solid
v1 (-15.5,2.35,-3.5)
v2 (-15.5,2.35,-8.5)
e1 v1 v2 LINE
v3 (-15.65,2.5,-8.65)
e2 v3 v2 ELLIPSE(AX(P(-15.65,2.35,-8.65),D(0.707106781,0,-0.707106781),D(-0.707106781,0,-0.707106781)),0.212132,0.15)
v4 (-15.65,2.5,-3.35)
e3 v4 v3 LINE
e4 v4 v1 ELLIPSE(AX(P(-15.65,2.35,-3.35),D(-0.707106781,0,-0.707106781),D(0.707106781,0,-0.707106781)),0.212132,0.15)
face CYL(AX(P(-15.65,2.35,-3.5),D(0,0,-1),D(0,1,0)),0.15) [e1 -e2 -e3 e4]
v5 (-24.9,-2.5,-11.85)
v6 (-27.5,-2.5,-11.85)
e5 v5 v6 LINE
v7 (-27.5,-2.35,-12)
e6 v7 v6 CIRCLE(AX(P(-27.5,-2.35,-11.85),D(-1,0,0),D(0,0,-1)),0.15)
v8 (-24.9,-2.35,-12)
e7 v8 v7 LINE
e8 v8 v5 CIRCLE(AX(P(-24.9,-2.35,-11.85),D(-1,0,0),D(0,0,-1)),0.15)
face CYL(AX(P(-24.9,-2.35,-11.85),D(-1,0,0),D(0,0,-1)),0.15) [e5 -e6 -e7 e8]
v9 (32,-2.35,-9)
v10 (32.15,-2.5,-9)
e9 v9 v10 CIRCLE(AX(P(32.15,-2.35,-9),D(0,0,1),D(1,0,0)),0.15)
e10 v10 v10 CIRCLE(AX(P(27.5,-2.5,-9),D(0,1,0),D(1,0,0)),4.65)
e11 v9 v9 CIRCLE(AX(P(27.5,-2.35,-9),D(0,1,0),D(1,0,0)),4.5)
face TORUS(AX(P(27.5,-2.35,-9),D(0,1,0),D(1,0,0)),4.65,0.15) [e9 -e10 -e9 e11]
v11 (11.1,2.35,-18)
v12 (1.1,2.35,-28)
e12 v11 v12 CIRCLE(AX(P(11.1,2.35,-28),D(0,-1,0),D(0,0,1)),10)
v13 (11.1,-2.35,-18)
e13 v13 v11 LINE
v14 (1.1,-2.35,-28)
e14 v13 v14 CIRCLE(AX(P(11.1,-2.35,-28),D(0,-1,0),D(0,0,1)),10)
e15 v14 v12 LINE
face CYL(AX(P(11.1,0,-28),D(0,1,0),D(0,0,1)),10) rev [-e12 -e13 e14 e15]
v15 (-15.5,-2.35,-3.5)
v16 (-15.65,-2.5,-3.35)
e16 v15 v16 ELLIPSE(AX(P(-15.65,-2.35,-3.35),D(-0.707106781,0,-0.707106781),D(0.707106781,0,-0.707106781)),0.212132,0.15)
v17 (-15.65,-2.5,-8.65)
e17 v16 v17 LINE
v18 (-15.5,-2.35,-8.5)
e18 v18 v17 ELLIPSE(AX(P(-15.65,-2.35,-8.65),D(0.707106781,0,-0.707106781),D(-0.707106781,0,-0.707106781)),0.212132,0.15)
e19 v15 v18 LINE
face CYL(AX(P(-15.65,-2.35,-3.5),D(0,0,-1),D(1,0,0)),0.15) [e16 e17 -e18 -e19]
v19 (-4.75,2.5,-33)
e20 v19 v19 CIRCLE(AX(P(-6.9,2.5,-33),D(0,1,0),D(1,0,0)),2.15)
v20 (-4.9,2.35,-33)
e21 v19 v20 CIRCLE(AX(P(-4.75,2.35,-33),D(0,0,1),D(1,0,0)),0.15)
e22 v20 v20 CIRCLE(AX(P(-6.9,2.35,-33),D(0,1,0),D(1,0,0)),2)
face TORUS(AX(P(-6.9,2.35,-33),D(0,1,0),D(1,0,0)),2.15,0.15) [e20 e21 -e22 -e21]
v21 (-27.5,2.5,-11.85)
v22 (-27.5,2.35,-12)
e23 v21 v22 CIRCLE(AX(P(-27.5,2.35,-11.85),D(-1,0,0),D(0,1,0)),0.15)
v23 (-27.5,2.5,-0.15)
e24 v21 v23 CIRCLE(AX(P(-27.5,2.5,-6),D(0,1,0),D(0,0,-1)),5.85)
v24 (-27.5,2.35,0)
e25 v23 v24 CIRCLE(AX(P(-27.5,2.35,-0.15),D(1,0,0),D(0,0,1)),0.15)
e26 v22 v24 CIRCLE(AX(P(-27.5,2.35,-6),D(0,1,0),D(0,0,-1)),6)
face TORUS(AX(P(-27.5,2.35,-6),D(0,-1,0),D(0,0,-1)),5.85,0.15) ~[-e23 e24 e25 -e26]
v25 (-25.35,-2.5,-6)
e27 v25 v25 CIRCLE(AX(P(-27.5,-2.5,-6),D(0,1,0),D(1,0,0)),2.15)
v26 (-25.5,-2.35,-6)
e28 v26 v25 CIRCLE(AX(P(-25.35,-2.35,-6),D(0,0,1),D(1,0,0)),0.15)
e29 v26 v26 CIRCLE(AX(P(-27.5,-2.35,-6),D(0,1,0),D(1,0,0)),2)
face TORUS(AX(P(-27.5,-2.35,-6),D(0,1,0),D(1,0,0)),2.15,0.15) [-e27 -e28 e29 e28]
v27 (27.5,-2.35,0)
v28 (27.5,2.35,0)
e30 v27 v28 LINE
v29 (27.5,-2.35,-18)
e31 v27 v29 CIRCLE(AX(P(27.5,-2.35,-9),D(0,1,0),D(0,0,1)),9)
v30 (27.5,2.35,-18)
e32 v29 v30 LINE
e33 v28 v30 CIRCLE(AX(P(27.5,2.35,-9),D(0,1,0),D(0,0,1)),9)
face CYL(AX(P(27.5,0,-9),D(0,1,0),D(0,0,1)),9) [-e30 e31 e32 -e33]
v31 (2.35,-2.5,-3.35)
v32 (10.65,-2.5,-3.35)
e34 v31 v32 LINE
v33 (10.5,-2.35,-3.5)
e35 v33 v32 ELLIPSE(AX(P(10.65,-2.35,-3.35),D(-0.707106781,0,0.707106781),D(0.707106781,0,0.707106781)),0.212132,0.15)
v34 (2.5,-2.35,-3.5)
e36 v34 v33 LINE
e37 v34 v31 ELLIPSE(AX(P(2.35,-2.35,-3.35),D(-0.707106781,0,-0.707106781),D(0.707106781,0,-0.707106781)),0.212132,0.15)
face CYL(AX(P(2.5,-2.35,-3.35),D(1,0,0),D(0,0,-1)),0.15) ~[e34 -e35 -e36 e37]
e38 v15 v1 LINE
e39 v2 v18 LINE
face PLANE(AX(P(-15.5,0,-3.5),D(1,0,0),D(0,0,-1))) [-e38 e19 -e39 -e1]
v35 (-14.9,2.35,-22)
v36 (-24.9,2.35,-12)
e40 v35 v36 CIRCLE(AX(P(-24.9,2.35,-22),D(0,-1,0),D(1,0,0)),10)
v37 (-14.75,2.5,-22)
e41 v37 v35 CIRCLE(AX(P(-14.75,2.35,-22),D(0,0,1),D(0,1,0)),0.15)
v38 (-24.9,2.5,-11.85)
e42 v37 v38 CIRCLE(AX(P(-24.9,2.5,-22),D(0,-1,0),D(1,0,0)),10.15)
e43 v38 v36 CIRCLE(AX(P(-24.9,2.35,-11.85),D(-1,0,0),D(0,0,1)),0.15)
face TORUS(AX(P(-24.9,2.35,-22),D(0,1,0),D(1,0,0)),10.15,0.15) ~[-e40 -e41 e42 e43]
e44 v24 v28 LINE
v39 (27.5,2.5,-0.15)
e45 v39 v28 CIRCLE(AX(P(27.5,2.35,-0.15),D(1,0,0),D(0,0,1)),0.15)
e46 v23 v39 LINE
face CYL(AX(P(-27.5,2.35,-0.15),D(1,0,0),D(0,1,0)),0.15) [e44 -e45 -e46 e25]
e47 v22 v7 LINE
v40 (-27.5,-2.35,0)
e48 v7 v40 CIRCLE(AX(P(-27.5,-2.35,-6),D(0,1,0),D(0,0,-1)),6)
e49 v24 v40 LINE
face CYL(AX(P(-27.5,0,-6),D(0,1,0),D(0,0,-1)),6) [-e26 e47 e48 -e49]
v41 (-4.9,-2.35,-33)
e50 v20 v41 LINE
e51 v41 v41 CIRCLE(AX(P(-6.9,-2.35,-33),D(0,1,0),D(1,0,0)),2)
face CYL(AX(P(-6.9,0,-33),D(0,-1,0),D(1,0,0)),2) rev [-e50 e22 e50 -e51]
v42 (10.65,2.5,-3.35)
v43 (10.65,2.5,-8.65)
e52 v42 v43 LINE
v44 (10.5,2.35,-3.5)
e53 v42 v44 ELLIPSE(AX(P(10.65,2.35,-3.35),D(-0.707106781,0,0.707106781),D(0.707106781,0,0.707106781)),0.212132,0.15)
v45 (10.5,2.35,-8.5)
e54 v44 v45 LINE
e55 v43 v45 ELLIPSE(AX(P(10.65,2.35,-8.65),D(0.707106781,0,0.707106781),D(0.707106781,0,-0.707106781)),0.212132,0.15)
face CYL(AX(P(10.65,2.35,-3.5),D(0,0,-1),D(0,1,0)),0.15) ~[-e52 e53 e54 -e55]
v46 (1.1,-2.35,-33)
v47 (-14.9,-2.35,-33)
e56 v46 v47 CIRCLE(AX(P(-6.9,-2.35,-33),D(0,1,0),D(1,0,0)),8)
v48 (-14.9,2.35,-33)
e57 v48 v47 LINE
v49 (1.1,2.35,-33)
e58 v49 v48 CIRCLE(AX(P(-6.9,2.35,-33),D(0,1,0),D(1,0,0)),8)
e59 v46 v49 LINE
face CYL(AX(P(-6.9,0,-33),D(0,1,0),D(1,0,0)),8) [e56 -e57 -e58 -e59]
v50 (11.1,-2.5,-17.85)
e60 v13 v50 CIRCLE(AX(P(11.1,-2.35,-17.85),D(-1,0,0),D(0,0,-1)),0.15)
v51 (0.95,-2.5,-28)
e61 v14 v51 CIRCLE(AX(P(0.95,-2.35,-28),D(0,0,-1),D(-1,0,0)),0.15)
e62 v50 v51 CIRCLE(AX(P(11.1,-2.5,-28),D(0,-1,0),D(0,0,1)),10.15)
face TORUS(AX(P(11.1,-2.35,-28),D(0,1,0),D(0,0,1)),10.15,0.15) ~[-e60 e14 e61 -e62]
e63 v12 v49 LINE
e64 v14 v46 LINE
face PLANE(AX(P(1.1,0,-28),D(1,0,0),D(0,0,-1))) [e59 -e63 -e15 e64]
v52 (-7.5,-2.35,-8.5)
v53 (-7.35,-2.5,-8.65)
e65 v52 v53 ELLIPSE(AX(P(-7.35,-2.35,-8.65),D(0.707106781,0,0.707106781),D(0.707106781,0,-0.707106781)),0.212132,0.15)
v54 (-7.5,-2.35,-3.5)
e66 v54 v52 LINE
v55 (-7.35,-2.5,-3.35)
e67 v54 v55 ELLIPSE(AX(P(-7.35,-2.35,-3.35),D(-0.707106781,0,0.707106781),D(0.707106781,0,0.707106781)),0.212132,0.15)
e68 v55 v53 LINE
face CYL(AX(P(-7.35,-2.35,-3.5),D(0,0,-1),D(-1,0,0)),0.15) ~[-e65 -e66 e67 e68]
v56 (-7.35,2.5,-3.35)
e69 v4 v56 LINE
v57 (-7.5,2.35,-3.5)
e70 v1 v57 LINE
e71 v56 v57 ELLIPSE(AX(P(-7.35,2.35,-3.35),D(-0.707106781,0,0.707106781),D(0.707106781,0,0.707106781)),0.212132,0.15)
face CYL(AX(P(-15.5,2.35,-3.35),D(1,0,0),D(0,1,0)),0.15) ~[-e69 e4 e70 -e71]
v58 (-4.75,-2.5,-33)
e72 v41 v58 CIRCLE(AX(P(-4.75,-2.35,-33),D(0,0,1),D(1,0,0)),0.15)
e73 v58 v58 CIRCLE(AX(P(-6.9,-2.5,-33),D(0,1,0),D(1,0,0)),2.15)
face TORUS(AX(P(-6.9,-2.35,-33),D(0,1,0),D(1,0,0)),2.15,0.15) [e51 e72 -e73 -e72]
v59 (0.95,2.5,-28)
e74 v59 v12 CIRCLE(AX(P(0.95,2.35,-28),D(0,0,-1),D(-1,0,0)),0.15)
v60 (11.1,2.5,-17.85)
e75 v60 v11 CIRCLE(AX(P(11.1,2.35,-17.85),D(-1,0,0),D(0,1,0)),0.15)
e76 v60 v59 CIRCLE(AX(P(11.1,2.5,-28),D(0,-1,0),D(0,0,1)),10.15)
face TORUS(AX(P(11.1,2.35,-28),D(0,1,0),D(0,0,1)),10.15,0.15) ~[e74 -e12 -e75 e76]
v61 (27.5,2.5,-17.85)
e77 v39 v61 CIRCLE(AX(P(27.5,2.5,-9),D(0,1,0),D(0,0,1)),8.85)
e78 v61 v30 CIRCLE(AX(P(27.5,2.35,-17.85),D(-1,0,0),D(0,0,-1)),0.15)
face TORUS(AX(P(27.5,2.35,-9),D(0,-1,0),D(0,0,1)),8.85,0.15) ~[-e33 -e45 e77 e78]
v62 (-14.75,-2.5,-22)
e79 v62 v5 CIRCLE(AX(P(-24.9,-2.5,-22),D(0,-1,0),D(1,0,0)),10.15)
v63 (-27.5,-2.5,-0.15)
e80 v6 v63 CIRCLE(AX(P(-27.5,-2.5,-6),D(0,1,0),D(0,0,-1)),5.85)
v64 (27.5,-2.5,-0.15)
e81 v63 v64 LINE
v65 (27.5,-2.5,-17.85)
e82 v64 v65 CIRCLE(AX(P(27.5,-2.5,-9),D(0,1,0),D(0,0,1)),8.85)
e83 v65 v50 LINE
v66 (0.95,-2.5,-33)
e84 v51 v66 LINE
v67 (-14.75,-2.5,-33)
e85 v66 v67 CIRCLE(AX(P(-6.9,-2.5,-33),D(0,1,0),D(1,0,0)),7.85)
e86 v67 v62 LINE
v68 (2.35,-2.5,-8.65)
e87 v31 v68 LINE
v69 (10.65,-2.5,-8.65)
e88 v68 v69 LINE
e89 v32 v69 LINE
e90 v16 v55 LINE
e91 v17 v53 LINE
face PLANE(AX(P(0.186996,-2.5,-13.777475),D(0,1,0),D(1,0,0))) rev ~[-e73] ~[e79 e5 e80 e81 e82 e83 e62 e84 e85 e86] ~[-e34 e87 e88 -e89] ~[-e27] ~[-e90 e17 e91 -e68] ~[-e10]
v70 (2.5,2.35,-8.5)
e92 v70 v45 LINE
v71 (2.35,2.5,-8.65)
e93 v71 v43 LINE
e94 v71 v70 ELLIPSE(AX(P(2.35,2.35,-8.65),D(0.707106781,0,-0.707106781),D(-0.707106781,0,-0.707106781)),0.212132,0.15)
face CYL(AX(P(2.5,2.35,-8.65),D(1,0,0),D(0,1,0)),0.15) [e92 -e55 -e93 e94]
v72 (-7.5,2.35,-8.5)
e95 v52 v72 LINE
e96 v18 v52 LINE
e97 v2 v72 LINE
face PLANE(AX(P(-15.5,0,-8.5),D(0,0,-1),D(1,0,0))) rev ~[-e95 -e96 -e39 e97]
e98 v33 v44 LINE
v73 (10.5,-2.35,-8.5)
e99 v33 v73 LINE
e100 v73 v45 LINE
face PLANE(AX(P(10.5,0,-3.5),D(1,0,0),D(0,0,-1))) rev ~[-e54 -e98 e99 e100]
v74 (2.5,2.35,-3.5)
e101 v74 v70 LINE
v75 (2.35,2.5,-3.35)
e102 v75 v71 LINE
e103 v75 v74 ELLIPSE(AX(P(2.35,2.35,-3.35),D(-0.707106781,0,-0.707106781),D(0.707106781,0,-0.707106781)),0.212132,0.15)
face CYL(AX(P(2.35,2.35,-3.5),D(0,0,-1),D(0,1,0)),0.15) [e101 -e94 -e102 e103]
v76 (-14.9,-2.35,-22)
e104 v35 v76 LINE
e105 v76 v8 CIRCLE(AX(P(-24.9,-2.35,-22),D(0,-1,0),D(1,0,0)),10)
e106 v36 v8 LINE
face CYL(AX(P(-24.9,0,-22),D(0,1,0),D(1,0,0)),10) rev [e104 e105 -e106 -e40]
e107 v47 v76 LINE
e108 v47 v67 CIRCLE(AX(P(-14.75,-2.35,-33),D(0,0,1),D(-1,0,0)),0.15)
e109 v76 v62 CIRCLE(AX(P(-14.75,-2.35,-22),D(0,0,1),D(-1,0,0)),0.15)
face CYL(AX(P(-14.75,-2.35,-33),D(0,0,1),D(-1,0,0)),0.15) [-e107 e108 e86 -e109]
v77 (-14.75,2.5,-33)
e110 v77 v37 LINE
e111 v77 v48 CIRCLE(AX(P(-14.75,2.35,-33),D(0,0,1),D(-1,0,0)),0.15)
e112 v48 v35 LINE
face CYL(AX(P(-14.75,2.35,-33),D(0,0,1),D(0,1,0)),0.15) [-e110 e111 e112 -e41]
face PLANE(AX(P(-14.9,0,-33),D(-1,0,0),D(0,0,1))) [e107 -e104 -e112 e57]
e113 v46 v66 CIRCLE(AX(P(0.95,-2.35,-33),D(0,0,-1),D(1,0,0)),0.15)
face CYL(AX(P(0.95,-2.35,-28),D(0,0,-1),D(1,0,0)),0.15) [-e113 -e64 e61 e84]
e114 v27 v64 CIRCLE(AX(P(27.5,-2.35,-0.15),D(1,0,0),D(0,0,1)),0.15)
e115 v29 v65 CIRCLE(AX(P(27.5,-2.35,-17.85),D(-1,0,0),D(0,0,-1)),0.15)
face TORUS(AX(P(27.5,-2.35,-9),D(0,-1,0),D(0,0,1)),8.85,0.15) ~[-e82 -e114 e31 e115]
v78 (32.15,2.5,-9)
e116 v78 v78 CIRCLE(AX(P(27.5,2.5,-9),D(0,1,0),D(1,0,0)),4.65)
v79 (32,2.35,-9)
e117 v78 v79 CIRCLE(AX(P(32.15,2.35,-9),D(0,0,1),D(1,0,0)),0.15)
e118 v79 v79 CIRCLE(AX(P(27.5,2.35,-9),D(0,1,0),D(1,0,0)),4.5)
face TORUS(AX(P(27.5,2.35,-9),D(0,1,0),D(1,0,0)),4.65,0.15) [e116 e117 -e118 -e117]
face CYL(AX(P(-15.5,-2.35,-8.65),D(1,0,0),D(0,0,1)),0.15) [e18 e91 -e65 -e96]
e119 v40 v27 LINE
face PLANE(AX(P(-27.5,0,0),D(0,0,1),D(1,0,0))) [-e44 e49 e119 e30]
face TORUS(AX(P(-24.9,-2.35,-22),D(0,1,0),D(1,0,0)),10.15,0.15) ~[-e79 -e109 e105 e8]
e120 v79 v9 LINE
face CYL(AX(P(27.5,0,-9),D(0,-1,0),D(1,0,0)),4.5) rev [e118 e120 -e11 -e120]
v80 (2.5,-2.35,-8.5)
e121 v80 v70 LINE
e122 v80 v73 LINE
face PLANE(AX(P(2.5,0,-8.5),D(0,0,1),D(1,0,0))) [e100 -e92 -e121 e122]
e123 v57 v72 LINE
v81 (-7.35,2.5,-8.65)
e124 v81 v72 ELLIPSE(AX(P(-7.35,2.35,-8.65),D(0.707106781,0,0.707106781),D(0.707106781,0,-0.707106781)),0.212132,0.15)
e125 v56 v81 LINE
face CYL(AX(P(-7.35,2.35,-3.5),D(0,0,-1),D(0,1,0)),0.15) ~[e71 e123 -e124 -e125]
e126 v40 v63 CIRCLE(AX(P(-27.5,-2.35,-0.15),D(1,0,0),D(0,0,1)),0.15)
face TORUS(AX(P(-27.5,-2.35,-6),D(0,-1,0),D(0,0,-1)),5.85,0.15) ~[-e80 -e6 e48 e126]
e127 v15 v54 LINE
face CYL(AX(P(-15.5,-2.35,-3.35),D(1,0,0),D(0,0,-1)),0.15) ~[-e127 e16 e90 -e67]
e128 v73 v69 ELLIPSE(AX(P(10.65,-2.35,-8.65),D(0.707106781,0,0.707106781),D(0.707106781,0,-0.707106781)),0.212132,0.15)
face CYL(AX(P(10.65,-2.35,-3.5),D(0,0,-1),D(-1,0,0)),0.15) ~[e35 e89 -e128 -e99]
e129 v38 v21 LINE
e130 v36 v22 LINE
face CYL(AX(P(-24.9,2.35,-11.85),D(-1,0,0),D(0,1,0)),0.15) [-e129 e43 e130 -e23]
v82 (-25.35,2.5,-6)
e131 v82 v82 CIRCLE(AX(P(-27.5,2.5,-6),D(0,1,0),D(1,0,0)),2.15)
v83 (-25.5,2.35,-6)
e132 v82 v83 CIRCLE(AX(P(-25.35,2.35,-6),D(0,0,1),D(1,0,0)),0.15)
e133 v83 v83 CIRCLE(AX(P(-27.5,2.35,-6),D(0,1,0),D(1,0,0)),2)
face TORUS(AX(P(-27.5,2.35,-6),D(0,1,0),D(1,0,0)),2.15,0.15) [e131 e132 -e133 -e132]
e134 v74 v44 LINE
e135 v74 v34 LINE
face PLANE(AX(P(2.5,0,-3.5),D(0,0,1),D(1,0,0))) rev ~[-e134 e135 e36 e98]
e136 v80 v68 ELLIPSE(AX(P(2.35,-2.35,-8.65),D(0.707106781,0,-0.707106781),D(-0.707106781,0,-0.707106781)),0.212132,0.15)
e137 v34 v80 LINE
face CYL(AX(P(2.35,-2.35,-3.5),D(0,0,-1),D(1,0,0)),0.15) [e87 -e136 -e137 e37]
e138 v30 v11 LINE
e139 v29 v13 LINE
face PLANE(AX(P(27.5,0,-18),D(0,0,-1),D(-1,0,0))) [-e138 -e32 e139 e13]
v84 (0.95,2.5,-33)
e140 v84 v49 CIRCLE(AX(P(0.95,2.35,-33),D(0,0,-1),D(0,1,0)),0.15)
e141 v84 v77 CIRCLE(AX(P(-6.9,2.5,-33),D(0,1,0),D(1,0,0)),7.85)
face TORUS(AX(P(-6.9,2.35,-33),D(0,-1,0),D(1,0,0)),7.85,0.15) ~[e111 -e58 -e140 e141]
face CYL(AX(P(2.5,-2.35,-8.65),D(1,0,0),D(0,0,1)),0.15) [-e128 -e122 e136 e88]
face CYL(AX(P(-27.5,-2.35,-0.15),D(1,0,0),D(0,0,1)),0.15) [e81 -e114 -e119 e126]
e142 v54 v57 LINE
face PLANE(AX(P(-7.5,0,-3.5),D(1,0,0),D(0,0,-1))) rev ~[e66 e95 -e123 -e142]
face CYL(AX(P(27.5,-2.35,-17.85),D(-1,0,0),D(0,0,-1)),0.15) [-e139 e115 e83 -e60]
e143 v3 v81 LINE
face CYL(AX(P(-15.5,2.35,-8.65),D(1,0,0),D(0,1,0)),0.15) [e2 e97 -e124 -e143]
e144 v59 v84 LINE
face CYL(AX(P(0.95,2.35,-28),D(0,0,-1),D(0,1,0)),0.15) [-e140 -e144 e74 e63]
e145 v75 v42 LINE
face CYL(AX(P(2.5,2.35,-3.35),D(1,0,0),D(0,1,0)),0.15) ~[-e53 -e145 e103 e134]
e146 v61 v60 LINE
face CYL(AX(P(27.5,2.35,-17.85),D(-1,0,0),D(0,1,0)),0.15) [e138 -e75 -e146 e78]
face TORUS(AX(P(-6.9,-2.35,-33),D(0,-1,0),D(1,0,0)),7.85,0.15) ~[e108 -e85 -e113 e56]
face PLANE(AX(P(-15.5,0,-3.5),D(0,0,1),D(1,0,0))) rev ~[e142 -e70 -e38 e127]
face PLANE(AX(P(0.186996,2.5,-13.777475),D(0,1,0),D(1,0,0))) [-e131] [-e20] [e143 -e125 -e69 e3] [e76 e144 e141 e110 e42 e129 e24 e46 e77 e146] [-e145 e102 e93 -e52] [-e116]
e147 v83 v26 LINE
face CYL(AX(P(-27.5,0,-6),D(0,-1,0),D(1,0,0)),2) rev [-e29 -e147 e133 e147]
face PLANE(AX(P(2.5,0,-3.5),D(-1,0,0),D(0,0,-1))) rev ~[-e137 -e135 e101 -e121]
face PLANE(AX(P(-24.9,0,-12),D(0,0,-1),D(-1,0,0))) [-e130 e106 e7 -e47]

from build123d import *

# Parameters (mm, degrees)
SKETCH2_R           = 2
SKETCH2_R_2         = 4.5
SKETCH2_W           = 8
SKETCH2_H           = 5
BOSS_EXTRUDE1_DEPTH = 2.5
FILLET1_R           = 0.15


with BuildPart() as part:
    # Sketch2 → Boss-Extrude1 (new body, symmetric)
    with BuildSketch(Plane(origin=(0, 0, 0), x_dir=(1, 0, 0), z_dir=(0, 1, 0))):
        with BuildLine():
            Line((-27.5, 0), (27.5, 0))
            ThreePointArc((27.5, 0), (36.5, 9), (27.5, 18))
            Line((27.5, 18), (11.1, 18))
            ThreePointArc((11.1, 18), (4.028932188, 20.928932188), (1.1, 28))
            Line((1.1, 28), (1.1, 33))
            ThreePointArc((1.1, 33), (-6.9, 41), (-14.9, 33))
            Line((-14.9, 33), (-14.9, 22))
            ThreePointArc((-14.9, 22), (-17.828932188, 14.928932188), (-24.9, 12))
            Line((-24.9, 12), (-27.5, 12))
            ThreePointArc((-27.5, 12), (-33.5, 6), (-27.5, 0))
        make_face()
        with Locations((-27.5, 6)):
            Circle(SKETCH2_R, mode=Mode.SUBTRACT)
        with Locations((27.5, 9)):
            Circle(SKETCH2_R_2, mode=Mode.SUBTRACT)
        with Locations((-6.9, 33)):
            Circle(SKETCH2_R, mode=Mode.SUBTRACT)
        with Locations((-11.5, 6)):
            Rectangle(SKETCH2_W, SKETCH2_H, mode=Mode.SUBTRACT)
        with Locations((6.5, 6)):
            Rectangle(SKETCH2_W, SKETCH2_H, mode=Mode.SUBTRACT)
    extrude(amount=BOSS_EXTRUDE1_DEPTH, both=True)

    # Fillet1
    fillet1_edges = [part.edges().sort_by_distance(p)[0] for p in [
        (-26.2, -2.5, -12),
        (-17.828932188, -2.5, -14.928932188),
        (-14.9, -2.5, -27.5),
        (-6.9, -2.5, -41),
        (1.1, -2.5, -30.5),
        (4.028932188, -2.5, -20.928932188),
        (19.3, -2.5, -18),
        (36.5, 2.5, -9),
        (36.5, -2.5, -9),
        (0, -2.5, 0),
        (-33.5, -2.5, -6),
        (19.3, 2.5, -18),
        (4.028932188, 2.5, -20.928932188),
        (1.1, 2.5, -30.5),
        (-29.5, -2.5, -6),
        (-29.5, 2.5, -6),
        (-6.9, 2.5, -41),
        (23, -2.5, -9),
        (23, 2.5, -9),
        (-14.9, 2.5, -27.5),
        (-8.9, -2.5, -33),
        (-8.9, 2.5, -33),
        (-17.828932188, 2.5, -14.928932188),
        (-15.5, -2.5, -6),
        (-11.5, -2.5, -3.5),
        (-26.2, 2.5, -12),
        (-7.5, -2.5, -6),
        (-11.5, -2.5, -8.5),
        (-15.5, 2.5, -6),
        (-11.5, 2.5, -3.5),
        (-7.5, 2.5, -6),
        (-11.5, 2.5, -8.5),
        (-33.5, 2.5, -6),
        (2.5, -2.5, -6),
        (6.5, -2.5, -3.5),
        (10.5, -2.5, -6),
        (6.5, -2.5, -8.5),
        (2.5, 2.5, -6),
        (6.5, 2.5, -3.5),
        (10.5, 2.5, -6),
        (6.5, 2.5, -8.5),
        (0, 2.5, 0),
    ]]
    fillet(fillet1_edges, radius=FILLET1_R)


solid = part.part
